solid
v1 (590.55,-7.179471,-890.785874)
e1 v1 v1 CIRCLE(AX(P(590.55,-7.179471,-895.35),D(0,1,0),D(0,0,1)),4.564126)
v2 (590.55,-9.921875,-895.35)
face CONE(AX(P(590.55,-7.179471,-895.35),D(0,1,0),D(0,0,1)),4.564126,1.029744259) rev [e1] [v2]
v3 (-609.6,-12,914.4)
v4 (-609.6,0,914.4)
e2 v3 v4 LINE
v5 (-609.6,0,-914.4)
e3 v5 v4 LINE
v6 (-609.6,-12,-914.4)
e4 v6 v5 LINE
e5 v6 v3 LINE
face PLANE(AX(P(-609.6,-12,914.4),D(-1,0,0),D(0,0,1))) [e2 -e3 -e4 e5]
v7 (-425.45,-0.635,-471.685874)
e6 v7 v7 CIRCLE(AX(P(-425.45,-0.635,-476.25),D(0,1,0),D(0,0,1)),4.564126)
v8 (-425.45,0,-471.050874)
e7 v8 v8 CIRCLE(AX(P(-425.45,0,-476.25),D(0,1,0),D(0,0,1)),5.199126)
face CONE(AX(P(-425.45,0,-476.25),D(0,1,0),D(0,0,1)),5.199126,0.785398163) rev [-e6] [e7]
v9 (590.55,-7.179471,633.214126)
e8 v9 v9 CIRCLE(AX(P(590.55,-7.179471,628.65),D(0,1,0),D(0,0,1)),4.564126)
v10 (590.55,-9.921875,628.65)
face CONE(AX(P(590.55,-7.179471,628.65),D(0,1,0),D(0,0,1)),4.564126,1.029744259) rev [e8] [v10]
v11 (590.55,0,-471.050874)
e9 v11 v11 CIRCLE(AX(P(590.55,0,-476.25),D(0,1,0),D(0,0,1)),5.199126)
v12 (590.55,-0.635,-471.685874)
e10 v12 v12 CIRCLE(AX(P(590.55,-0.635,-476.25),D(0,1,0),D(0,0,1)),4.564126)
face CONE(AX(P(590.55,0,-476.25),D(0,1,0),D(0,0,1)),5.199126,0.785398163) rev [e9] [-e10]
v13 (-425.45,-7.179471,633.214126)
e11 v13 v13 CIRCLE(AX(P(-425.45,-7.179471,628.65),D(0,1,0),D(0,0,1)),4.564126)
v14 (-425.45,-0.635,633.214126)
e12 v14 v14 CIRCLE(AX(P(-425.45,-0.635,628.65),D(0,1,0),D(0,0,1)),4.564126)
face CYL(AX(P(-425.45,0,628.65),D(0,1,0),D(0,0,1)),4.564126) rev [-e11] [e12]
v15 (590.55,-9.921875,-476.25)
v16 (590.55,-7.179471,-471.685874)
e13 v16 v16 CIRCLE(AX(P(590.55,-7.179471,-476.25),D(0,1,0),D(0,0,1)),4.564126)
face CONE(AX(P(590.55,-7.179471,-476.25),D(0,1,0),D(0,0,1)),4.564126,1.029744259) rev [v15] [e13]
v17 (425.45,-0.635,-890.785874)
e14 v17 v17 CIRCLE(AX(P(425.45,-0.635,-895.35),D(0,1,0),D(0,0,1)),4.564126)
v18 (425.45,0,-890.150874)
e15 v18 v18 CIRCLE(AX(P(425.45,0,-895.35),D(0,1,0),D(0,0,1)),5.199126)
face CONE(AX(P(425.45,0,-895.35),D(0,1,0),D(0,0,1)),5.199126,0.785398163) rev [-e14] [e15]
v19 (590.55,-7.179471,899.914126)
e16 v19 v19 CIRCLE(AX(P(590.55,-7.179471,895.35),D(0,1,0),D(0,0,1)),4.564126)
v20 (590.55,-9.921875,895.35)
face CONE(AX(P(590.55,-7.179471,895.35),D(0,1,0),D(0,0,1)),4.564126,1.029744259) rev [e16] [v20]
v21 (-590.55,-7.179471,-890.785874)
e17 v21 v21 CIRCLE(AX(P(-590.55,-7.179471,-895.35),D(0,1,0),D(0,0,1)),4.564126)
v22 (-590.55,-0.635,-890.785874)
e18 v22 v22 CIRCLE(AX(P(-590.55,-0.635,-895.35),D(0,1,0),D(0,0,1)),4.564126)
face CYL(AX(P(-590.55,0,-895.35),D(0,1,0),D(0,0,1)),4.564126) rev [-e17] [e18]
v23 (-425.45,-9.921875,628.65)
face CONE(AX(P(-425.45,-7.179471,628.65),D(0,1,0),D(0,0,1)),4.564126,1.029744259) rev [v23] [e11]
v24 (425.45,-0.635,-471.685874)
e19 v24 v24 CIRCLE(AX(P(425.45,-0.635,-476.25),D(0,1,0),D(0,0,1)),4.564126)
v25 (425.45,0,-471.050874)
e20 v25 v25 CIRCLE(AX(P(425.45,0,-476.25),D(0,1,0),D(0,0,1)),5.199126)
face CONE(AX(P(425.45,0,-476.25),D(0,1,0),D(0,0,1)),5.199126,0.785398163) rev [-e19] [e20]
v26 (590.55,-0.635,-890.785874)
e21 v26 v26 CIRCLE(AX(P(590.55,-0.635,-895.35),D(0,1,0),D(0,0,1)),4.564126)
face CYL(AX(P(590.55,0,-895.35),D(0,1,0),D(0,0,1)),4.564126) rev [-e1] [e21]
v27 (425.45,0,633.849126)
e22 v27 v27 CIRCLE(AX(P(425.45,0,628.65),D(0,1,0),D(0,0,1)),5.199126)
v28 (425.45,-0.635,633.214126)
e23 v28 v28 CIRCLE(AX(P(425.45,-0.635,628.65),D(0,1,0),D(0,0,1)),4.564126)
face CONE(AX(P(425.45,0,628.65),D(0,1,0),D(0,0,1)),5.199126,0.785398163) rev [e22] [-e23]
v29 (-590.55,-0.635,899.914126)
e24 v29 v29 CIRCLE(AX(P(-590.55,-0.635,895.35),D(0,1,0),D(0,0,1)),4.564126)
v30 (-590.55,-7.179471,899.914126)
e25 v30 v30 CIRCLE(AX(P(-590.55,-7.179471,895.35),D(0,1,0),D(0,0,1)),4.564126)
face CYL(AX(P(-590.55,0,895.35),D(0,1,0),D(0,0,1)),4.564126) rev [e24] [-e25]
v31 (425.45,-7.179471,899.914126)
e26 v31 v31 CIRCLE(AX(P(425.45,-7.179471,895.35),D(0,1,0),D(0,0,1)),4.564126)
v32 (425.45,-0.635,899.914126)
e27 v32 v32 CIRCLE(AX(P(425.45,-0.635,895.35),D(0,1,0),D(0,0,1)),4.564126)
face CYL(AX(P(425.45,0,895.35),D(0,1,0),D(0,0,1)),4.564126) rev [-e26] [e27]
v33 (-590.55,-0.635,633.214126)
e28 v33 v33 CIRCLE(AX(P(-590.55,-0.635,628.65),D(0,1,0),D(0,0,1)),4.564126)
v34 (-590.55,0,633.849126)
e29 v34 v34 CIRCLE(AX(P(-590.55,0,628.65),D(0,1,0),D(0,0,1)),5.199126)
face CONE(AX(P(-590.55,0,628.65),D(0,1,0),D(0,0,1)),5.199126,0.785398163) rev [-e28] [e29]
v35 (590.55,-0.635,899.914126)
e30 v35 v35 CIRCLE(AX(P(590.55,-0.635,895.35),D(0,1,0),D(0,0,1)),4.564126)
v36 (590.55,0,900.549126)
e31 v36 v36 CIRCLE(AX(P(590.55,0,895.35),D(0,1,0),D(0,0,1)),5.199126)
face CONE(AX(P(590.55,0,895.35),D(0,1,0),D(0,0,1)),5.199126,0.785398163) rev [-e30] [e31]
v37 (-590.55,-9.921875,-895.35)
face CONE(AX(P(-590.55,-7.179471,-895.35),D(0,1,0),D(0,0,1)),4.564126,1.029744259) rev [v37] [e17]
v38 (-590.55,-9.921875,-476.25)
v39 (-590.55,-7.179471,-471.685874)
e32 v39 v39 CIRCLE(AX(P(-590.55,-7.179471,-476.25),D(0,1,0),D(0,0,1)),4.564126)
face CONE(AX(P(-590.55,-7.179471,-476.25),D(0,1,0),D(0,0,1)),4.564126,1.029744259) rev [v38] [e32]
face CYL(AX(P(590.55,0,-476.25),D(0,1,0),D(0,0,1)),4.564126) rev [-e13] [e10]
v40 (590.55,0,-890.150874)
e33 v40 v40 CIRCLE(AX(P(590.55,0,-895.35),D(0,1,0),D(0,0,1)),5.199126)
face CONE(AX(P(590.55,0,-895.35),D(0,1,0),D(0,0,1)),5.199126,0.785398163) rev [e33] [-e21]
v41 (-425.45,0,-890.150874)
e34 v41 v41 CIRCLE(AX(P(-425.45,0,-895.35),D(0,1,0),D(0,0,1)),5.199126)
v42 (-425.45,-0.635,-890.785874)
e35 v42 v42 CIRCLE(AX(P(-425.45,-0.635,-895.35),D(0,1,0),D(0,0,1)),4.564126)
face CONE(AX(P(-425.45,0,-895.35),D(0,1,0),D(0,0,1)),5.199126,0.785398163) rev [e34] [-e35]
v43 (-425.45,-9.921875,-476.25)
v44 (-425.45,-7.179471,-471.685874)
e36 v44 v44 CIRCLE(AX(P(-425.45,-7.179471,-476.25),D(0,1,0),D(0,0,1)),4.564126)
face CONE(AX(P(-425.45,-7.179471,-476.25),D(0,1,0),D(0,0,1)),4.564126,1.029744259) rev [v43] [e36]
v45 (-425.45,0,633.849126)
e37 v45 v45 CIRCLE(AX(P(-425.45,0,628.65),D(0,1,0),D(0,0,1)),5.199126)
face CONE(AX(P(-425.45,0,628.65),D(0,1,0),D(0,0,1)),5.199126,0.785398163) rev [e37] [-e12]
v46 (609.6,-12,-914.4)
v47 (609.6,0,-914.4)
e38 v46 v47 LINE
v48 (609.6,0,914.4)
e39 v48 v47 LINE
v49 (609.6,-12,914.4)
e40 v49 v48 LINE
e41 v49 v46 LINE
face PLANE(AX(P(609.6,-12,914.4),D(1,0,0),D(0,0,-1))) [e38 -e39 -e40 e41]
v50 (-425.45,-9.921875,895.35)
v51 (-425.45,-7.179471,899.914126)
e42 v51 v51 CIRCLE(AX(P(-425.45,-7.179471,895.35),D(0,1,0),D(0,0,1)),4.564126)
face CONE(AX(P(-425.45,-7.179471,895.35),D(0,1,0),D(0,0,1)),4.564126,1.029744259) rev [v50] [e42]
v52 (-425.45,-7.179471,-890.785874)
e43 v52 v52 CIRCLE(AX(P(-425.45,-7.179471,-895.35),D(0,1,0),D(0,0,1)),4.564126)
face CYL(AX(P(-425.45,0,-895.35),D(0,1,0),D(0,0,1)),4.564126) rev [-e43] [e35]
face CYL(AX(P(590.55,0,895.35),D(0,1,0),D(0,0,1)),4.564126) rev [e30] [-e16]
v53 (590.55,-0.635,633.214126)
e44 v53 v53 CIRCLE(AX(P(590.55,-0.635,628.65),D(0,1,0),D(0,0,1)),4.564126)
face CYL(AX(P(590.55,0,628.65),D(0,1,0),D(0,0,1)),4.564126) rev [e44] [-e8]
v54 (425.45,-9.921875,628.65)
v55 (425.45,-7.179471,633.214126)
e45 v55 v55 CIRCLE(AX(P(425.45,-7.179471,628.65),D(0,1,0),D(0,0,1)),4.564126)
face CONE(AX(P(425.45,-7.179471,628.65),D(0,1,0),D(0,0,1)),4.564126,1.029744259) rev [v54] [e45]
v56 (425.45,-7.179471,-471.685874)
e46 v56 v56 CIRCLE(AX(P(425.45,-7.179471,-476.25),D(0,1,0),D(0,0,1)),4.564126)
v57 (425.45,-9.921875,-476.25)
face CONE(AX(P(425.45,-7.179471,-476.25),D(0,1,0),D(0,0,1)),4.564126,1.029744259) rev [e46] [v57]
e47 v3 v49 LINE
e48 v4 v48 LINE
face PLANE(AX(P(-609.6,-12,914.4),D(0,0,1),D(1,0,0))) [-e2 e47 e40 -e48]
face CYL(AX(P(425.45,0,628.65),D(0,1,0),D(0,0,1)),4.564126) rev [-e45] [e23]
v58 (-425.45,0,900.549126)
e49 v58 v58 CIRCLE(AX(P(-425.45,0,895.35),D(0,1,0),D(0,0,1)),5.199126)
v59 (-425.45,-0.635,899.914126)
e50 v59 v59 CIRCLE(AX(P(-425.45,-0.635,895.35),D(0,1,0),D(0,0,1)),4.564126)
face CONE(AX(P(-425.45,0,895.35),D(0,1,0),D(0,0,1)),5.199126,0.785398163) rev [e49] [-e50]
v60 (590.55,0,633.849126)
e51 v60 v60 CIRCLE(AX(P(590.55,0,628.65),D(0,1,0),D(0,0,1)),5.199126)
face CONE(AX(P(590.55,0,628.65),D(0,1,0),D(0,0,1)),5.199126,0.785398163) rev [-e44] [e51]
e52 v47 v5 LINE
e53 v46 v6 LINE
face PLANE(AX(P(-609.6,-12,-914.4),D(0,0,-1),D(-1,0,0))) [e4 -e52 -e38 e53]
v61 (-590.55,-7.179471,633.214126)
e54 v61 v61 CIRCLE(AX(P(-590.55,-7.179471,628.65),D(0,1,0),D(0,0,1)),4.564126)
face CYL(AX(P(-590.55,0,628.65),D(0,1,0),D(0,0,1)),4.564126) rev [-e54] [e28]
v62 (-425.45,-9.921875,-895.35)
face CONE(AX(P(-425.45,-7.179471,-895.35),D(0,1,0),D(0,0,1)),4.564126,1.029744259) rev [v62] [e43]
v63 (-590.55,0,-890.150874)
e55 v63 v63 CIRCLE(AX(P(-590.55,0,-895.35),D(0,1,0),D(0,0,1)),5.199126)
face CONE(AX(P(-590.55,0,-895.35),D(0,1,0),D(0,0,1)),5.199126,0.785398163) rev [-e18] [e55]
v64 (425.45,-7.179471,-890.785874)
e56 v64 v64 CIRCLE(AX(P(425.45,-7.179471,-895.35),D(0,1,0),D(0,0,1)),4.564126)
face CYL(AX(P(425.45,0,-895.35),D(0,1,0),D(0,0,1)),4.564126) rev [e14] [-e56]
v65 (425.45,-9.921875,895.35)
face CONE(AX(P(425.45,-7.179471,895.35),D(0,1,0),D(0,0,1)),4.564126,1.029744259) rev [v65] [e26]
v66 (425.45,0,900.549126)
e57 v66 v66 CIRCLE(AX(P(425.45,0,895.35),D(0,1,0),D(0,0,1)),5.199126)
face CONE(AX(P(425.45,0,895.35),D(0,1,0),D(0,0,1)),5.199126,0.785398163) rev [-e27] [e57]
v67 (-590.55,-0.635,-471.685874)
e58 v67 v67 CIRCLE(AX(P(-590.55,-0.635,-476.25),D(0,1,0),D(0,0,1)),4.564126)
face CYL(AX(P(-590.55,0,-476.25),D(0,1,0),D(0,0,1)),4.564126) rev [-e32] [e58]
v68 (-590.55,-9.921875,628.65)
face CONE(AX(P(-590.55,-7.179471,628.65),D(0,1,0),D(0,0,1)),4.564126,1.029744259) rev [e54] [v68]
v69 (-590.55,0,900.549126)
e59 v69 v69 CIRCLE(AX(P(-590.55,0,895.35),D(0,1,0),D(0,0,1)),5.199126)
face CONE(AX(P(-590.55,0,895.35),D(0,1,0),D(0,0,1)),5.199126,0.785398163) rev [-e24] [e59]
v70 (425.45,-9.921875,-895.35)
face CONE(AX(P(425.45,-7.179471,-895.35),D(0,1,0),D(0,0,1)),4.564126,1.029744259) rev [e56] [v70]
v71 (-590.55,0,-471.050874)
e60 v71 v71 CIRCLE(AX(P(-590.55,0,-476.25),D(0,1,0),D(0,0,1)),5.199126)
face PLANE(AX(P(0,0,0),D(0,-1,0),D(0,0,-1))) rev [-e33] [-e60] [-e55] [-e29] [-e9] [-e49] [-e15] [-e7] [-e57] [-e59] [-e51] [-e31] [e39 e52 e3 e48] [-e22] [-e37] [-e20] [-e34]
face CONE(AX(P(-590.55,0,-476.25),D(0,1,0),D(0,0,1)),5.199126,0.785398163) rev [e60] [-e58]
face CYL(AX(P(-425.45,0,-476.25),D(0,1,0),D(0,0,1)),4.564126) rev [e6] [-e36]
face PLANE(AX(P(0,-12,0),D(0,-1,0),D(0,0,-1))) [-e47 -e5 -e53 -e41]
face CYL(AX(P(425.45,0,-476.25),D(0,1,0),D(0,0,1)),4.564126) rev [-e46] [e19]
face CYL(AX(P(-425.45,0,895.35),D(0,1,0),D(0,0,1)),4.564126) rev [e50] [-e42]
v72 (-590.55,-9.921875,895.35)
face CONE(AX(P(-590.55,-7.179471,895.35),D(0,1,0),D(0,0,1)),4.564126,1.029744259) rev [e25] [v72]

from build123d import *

# Parameters (mm, degrees)
SKETCH1_W                                 = 1219.2
SKETCH1_H                                 = 1828.8
BOSS_EXTRUDE1_DEPTH                       = 12
F_23_64_0_35938_DIAMETER_HOLE2_AT_2_COUNT = 2
F_23_64_0_35938_DIAMETER_HOLE2_AT_2_PITCH = 165.1
F_23_64_0_35938_DIAMETER_HOLE2_AT_3_COUNT = 2
F_23_64_0_35938_DIAMETER_HOLE2_AT_3_PITCH = 450.447355415
F_23_64_0_35938_DIAMETER_HOLE2_AT_4_COUNT = 2
F_23_64_0_35938_DIAMETER_HOLE2_AT_4_PITCH = 419.1
F_23_64_0_35938_DIAMETER_HOLE2_AT_5_COUNT = 2
F_23_64_0_35938_DIAMETER_HOLE2_AT_5_PITCH = 1524
F_23_64_0_35938_DIAMETER_HOLE2_AT_6_COUNT = 2
F_23_64_0_35938_DIAMETER_HOLE2_AT_6_PITCH = 1532.916830751
F_23_64_0_35938_DIAMETER_HOLE2_AT_7_COUNT = 2
F_23_64_0_35938_DIAMETER_HOLE2_AT_7_PITCH = 1798.29488683
F_23_64_0_35938_DIAMETER_HOLE2_AT_8_COUNT = 2
F_23_64_0_35938_DIAMETER_HOLE2_AT_8_PITCH = 1790.7


with BuildPart() as part:
    # Sketch1 → Boss-Extrude1 (new body)
    with BuildSketch(Plane(origin=(0, 0, 0), x_dir=(1, 0, 0), z_dir=(0, 1, 0))):
        Rectangle(SKETCH1_W, SKETCH1_H)
    extrude(amount=-BOSS_EXTRUDE1_DEPTH)

    # Sketch6 → 23_64 _0.35938_ Diameter Hole2 (revolve, cut)
    with BuildSketch(Plane(origin=(-590.55, 0, -895.35), x_dir=(0, 0, 1), z_dir=(1, 0, 0))):
        Polygon((0, 0), (0, 9.921875), (4.564126, 7.179471426), (4.564126, 0.635), (5.199126, 0), align=None)
    f_23_64_0_35938_diameter_hole2 = revolve(axis=Axis((-590.55, 6.35, -895.35), (0, -1, 0)), mode=Mode.SUBTRACT)

    # 23_64 _0.35938_ Diameter Hole2 at 2: 23_64 _0.35938_ Diameter Hole2 ×2
    with Locations(*[(i * F_23_64_0_35938_DIAMETER_HOLE2_AT_2_PITCH, 0, 0) for i in range(1, F_23_64_0_35938_DIAMETER_HOLE2_AT_2_COUNT)]):
        add(f_23_64_0_35938_diameter_hole2, mode=Mode.SUBTRACT)

    # 23_64 _0.35938_ Diameter Hole2 at 3: 23_64 _0.35938_ Diameter Hole2 ×2
    with Locations(*[Vector(0.3665245183824908, 0, 0.9304083928170915) * (i * F_23_64_0_35938_DIAMETER_HOLE2_AT_3_PITCH) for i in range(1, F_23_64_0_35938_DIAMETER_HOLE2_AT_3_COUNT)]):
        add(f_23_64_0_35938_diameter_hole2, mode=Mode.SUBTRACT)

    # 23_64 _0.35938_ Diameter Hole2 at 4: 23_64 _0.35938_ Diameter Hole2 ×2
    with Locations(*[(0, 0, i * F_23_64_0_35938_DIAMETER_HOLE2_AT_4_PITCH) for i in range(1, F_23_64_0_35938_DIAMETER_HOLE2_AT_4_COUNT)]):
        add(f_23_64_0_35938_diameter_hole2, mode=Mode.SUBTRACT)

    # 23_64 _0.35938_ Diameter Hole2 at 5: 23_64 _0.35938_ Diameter Hole2 ×2
    with Locations(*[(0, 0, i * F_23_64_0_35938_DIAMETER_HOLE2_AT_5_PITCH) for i in range(1, F_23_64_0_35938_DIAMETER_HOLE2_AT_5_COUNT)]):
        add(f_23_64_0_35938_diameter_hole2, mode=Mode.SUBTRACT)

    # 23_64 _0.35938_ Diameter Hole2 at 6: 23_64 _0.35938_ Diameter Hole2 ×2
    with Locations(*[Vector(0.1077031686833943, 0, 0.9941830955390242) * (i * F_23_64_0_35938_DIAMETER_HOLE2_AT_6_PITCH) for i in range(1, F_23_64_0_35938_DIAMETER_HOLE2_AT_6_COUNT)]):
        add(f_23_64_0_35938_diameter_hole2, mode=Mode.SUBTRACT)

    # 23_64 _0.35938_ Diameter Hole2 at 7: 23_64 _0.35938_ Diameter Hole2 ×2
    with Locations(*[Vector(0.09180919170103835, 0, 0.9957766176804926) * (i * F_23_64_0_35938_DIAMETER_HOLE2_AT_7_PITCH) for i in range(1, F_23_64_0_35938_DIAMETER_HOLE2_AT_7_COUNT)]):
        add(f_23_64_0_35938_diameter_hole2, mode=Mode.SUBTRACT)

    # 23_64 _0.35938_ Diameter Hole2 at 8: 23_64 _0.35938_ Diameter Hole2 ×2
    with Locations(*[(0, 0, i * F_23_64_0_35938_DIAMETER_HOLE2_AT_8_PITCH) for i in range(1, F_23_64_0_35938_DIAMETER_HOLE2_AT_8_COUNT)]):
        add(f_23_64_0_35938_diameter_hole2, mode=Mode.SUBTRACT)

    # Mirror1: 23_64 _0.35938_ Diameter Hole2 across plane
    add(f_23_64_0_35938_diameter_hole2.mirror(Plane(origin=(0, 0, 0), x_dir=(0, 0, 1), z_dir=(1, 0, 0))), mode=Mode.SUBTRACT)

    # Mirror1 copy 1 sketch → Mirror1 copy 1 (revolve, cut)
    with BuildSketch(Plane(origin=(425.45, 0, -895.35), x_dir=(0, 0, 1), z_dir=(-1, 0, 0))):
        Polygon((0, 0), (0, -9.921875), (4.564126, -7.179471426), (4.564126, -0.635), (5.199126, 0), align=None)
    revolve(axis=Axis((425.45, 6.35, -895.35), (0, 1, 0)), mode=Mode.SUBTRACT)

    # Mirror1 copy 2 sketch → Mirror1 copy 2 (revolve, cut)
    with BuildSketch(Plane(origin=(425.45, 0, -476.25), x_dir=(0, 0, 1), z_dir=(-1, 0, 0))):
        Polygon((0, 0), (0, -9.921875), (4.564126, -7.179471426), (4.564126, -0.635), (5.199126, 0), align=None)
    revolve(axis=Axis((425.45, 6.35, -476.25), (0, 1, 0)), mode=Mode.SUBTRACT)

    # Mirror1 copy 3 sketch → Mirror1 copy 3 (revolve, cut)
    with BuildSketch(Plane(origin=(590.55, 0, -476.25), x_dir=(0, 0, 1), z_dir=(-1, 0, 0))):
        Polygon((0, 0), (0, -9.921875), (4.564126, -7.179471426), (4.564126, -0.635), (5.199126, 0), align=None)
    revolve(axis=Axis((590.55, 6.35, -476.25), (0, 1, 0)), mode=Mode.SUBTRACT)

    # Mirror1 copy 4 sketch → Mirror1 copy 4 (revolve, cut)
    with BuildSketch(Plane(origin=(590.55, 0, 628.65), x_dir=(0, 0, 1), z_dir=(-1, 0, 0))):
        Polygon((0, 0), (0, -9.921875), (4.564126, -7.179471426), (4.564126, -0.635), (5.199126, 0), align=None)
    revolve(axis=Axis((590.55, 6.35, 628.65), (0, 1, 0)), mode=Mode.SUBTRACT)

    # Mirror1 copy 5 sketch → Mirror1 copy 5 (revolve, cut)
    with BuildSketch(Plane(origin=(425.45, 0, 628.65), x_dir=(0, 0, 1), z_dir=(-1, 0, 0))):
        Polygon((0, 0), (0, -9.921875), (4.564126, -7.179471426), (4.564126, -0.635), (5.199126, 0), align=None)
    revolve(axis=Axis((425.45, 6.35, 628.65), (0, 1, 0)), mode=Mode.SUBTRACT)

    # Mirror1 copy 6 sketch → Mirror1 copy 6 (revolve, cut)
    with BuildSketch(Plane(origin=(425.45, 0, 895.35), x_dir=(0, 0, 1), z_dir=(-1, 0, 0))):
        Polygon((0, 0), (0, -9.921875), (4.564126, -7.179471426), (4.564126, -0.635), (5.199126, 0), align=None)
    revolve(axis=Axis((425.45, 6.35, 895.35), (0, 1, 0)), mode=Mode.SUBTRACT)

    # Mirror1 copy 7 sketch → Mirror1 copy 7 (revolve, cut)
    with BuildSketch(Plane(origin=(590.55, 0, 895.35), x_dir=(0, 0, 1), z_dir=(-1, 0, 0))):
        Polygon((0, 0), (0, -9.921875), (4.564126, -7.179471426), (4.564126, -0.635), (5.199126, 0), align=None)
    revolve(axis=Axis((590.55, 6.35, 895.35), (0, 1, 0)), mode=Mode.SUBTRACT)


solid = part.part
